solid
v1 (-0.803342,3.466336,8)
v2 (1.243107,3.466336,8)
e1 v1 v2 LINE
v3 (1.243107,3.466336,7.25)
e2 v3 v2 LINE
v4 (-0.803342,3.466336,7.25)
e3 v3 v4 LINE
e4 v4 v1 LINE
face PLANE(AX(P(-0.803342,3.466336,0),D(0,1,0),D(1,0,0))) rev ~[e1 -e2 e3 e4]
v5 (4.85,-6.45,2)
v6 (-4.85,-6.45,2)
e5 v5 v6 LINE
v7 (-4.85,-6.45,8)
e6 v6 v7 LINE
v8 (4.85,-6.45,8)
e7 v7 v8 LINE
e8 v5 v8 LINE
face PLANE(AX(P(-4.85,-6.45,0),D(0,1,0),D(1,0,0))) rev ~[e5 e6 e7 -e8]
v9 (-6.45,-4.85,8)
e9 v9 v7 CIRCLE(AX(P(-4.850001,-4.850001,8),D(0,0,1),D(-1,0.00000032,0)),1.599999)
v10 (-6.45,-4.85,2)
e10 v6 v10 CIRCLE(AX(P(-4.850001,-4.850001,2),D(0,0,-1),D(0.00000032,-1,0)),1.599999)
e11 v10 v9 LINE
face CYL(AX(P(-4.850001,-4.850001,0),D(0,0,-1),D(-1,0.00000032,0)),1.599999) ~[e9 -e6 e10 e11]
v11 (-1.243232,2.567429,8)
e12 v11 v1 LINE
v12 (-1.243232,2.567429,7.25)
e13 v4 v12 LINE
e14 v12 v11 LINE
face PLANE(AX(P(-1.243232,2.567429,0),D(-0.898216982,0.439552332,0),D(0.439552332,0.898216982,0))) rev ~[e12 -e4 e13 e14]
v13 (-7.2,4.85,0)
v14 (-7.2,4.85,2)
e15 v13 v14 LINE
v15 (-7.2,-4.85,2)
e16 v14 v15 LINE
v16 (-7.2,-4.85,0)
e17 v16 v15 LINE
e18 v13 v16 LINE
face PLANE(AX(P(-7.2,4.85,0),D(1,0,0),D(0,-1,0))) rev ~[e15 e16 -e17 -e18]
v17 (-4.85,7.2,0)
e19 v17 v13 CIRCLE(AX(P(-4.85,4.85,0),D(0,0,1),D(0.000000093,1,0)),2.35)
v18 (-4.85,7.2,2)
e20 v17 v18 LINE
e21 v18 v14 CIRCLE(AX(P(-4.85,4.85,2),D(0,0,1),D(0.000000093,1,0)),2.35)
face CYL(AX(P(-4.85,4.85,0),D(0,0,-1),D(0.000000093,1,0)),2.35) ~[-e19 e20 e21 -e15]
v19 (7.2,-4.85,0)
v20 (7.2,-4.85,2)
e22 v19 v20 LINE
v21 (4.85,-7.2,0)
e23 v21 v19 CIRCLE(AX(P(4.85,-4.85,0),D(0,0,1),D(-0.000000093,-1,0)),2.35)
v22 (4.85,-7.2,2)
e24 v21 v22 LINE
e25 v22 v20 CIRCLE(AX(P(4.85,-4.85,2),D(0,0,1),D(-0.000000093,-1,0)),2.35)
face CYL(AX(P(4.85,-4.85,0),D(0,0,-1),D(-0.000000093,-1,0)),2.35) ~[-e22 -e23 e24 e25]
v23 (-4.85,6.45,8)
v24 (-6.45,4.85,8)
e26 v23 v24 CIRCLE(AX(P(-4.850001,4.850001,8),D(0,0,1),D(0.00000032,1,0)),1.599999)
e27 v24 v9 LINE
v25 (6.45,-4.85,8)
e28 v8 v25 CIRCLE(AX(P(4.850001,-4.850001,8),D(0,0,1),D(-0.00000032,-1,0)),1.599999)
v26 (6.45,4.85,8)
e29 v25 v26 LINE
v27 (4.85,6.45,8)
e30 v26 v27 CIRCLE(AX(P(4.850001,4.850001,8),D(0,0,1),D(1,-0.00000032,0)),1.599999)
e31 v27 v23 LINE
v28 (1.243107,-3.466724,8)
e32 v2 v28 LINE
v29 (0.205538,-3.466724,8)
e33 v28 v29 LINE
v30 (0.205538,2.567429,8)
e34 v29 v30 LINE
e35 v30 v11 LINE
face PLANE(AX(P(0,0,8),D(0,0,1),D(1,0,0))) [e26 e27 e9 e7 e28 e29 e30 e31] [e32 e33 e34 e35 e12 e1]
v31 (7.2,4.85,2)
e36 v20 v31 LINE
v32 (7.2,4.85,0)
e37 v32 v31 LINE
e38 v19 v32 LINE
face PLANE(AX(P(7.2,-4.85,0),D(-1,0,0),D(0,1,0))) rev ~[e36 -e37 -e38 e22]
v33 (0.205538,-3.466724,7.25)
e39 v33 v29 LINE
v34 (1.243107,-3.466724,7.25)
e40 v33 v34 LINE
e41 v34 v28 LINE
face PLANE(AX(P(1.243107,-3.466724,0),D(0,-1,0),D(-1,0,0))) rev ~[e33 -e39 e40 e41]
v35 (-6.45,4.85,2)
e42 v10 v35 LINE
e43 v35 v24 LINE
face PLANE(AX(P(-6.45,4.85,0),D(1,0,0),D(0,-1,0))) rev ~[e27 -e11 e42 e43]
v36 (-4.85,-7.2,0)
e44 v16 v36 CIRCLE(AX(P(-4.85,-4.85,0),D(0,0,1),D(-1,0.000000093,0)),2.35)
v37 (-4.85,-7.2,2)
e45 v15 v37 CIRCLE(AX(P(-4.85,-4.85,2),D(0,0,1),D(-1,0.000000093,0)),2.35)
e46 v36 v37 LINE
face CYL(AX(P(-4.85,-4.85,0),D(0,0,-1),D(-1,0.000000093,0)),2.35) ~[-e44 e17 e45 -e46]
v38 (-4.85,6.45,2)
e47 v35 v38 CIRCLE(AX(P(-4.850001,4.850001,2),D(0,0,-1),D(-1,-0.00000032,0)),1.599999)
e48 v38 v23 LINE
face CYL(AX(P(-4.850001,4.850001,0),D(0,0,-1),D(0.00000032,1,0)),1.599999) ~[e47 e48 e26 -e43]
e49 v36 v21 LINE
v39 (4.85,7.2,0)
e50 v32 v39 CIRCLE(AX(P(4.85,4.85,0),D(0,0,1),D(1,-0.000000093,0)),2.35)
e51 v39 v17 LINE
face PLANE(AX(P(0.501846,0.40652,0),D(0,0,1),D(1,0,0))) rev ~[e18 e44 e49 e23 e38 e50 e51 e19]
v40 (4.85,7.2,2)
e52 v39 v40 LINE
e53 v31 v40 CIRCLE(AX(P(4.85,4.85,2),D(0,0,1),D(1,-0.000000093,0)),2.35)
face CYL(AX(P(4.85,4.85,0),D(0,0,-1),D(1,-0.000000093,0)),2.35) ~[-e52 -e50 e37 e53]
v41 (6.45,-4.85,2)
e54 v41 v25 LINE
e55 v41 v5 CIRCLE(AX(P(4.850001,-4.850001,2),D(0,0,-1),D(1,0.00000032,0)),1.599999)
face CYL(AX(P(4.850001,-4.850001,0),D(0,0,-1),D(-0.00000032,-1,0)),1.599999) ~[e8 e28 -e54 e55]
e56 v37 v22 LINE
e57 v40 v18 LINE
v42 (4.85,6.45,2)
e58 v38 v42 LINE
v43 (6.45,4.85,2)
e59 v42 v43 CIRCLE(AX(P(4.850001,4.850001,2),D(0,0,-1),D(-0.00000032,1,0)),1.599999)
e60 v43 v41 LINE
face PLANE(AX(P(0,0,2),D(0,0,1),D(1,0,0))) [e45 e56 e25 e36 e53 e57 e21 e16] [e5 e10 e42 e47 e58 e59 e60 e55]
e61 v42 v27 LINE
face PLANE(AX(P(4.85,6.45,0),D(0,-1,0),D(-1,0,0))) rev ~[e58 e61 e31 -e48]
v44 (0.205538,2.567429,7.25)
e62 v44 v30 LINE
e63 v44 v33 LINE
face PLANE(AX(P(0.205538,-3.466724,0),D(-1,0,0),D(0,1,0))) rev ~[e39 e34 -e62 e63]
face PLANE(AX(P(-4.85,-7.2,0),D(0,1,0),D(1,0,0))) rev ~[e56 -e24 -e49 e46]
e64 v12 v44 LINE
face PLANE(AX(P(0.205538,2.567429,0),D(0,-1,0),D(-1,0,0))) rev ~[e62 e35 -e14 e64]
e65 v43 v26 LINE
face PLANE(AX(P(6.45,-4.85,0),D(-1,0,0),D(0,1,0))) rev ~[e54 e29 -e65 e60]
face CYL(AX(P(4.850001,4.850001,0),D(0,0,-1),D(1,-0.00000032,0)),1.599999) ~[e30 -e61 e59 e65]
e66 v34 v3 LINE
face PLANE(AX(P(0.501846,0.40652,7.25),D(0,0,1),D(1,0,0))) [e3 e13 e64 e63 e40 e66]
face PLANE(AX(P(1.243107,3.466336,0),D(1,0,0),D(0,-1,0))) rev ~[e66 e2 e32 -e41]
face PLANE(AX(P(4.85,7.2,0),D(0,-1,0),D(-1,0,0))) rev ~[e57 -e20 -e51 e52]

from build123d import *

# Parameters (mm, degrees)
F1_DEPTH = 2
F2_DEPTH = 8
F3_DEPTH = 7.25


with BuildPart() as f1:
    # F0 (on Top) → F1 (new body)
    with BuildSketch(Plane.XY):
        with BuildLine():
            Line((4.85, 7.2), (-4.85, 7.2))
            ThreePointArc((-4.85, 7.2), (-6.511701, 6.511701), (-7.2, 4.85))
            Line((-7.2, 4.85), (-7.2, -4.85))
            ThreePointArc((-7.2, -4.85), (-6.511701, -6.511701), (-4.85, -7.2))
            Line((-4.85, -7.2), (4.85, -7.2))
            ThreePointArc((4.85, -7.2), (6.511701, -6.511701), (7.2, -4.85))
            Line((7.2, -4.85), (7.2, 4.85))
            ThreePointArc((7.2, 4.85), (6.511701, 6.511701), (4.85, 7.2))
        make_face()
        with BuildLine():
            ThreePointArc((6.45, -4.85), (5.981371, -5.981371), (4.85, -6.45))
            Line((4.85, -6.45), (-4.85, -6.45))
            ThreePointArc((-4.85, -6.45), (-5.981371, -5.981371), (-6.45, -4.85))
            Line((-6.45, -4.85), (-6.45, 4.85))
            ThreePointArc((-6.45, 4.85), (-5.981371, 5.981371), (-4.85, 6.45))
            Line((-4.85, 6.45), (4.85, 6.45))
            ThreePointArc((4.85, 6.45), (5.981371, 5.981371), (6.45, 4.85))
            Line((6.45, 4.85), (6.45, -4.85))
        make_face(mode=Mode.SUBTRACT)
    extrude(amount=F1_DEPTH)

    # F0 (on Top) → F2 (join)
    with BuildSketch(Plane.XY):
        with BuildLine():
            Line((-4.85, -6.45), (4.85, -6.45))
            ThreePointArc((4.85, -6.45), (5.981371, -5.981371), (6.45, -4.85))
            Line((6.45, -4.85), (6.45, 4.85))
            ThreePointArc((6.45, 4.85), (5.981371, 5.981371), (4.85, 6.45))
            Line((4.85, 6.45), (-4.85, 6.45))
            ThreePointArc((-4.85, 6.45), (-5.981371, 5.981371), (-6.45, 4.85))
            Line((-6.45, 4.85), (-6.45, -4.85))
            ThreePointArc((-6.45, -4.85), (-5.981371, -5.981371), (-4.85, -6.45))
        make_face()
        Polygon((1.243107, -3.466724), (0.205538, -3.466724), (0.205538, 2.567429), (-1.243232, 2.567429), (-0.803342, 3.466336), (1.243107, 3.466336), align=None, mode=Mode.SUBTRACT)
    extrude(amount=F2_DEPTH)

    # F0 (on Top) → F3 (join)
    with BuildSketch(Plane.XY):
        Polygon((0.205538, 2.567429), (0.205538, -3.466724), (1.243107, -3.466724), (1.243107, 3.466336), (-0.803342, 3.466336), (-1.243232, 2.567429), align=None)
    extrude(amount=F3_DEPTH)


solid = f1.part
